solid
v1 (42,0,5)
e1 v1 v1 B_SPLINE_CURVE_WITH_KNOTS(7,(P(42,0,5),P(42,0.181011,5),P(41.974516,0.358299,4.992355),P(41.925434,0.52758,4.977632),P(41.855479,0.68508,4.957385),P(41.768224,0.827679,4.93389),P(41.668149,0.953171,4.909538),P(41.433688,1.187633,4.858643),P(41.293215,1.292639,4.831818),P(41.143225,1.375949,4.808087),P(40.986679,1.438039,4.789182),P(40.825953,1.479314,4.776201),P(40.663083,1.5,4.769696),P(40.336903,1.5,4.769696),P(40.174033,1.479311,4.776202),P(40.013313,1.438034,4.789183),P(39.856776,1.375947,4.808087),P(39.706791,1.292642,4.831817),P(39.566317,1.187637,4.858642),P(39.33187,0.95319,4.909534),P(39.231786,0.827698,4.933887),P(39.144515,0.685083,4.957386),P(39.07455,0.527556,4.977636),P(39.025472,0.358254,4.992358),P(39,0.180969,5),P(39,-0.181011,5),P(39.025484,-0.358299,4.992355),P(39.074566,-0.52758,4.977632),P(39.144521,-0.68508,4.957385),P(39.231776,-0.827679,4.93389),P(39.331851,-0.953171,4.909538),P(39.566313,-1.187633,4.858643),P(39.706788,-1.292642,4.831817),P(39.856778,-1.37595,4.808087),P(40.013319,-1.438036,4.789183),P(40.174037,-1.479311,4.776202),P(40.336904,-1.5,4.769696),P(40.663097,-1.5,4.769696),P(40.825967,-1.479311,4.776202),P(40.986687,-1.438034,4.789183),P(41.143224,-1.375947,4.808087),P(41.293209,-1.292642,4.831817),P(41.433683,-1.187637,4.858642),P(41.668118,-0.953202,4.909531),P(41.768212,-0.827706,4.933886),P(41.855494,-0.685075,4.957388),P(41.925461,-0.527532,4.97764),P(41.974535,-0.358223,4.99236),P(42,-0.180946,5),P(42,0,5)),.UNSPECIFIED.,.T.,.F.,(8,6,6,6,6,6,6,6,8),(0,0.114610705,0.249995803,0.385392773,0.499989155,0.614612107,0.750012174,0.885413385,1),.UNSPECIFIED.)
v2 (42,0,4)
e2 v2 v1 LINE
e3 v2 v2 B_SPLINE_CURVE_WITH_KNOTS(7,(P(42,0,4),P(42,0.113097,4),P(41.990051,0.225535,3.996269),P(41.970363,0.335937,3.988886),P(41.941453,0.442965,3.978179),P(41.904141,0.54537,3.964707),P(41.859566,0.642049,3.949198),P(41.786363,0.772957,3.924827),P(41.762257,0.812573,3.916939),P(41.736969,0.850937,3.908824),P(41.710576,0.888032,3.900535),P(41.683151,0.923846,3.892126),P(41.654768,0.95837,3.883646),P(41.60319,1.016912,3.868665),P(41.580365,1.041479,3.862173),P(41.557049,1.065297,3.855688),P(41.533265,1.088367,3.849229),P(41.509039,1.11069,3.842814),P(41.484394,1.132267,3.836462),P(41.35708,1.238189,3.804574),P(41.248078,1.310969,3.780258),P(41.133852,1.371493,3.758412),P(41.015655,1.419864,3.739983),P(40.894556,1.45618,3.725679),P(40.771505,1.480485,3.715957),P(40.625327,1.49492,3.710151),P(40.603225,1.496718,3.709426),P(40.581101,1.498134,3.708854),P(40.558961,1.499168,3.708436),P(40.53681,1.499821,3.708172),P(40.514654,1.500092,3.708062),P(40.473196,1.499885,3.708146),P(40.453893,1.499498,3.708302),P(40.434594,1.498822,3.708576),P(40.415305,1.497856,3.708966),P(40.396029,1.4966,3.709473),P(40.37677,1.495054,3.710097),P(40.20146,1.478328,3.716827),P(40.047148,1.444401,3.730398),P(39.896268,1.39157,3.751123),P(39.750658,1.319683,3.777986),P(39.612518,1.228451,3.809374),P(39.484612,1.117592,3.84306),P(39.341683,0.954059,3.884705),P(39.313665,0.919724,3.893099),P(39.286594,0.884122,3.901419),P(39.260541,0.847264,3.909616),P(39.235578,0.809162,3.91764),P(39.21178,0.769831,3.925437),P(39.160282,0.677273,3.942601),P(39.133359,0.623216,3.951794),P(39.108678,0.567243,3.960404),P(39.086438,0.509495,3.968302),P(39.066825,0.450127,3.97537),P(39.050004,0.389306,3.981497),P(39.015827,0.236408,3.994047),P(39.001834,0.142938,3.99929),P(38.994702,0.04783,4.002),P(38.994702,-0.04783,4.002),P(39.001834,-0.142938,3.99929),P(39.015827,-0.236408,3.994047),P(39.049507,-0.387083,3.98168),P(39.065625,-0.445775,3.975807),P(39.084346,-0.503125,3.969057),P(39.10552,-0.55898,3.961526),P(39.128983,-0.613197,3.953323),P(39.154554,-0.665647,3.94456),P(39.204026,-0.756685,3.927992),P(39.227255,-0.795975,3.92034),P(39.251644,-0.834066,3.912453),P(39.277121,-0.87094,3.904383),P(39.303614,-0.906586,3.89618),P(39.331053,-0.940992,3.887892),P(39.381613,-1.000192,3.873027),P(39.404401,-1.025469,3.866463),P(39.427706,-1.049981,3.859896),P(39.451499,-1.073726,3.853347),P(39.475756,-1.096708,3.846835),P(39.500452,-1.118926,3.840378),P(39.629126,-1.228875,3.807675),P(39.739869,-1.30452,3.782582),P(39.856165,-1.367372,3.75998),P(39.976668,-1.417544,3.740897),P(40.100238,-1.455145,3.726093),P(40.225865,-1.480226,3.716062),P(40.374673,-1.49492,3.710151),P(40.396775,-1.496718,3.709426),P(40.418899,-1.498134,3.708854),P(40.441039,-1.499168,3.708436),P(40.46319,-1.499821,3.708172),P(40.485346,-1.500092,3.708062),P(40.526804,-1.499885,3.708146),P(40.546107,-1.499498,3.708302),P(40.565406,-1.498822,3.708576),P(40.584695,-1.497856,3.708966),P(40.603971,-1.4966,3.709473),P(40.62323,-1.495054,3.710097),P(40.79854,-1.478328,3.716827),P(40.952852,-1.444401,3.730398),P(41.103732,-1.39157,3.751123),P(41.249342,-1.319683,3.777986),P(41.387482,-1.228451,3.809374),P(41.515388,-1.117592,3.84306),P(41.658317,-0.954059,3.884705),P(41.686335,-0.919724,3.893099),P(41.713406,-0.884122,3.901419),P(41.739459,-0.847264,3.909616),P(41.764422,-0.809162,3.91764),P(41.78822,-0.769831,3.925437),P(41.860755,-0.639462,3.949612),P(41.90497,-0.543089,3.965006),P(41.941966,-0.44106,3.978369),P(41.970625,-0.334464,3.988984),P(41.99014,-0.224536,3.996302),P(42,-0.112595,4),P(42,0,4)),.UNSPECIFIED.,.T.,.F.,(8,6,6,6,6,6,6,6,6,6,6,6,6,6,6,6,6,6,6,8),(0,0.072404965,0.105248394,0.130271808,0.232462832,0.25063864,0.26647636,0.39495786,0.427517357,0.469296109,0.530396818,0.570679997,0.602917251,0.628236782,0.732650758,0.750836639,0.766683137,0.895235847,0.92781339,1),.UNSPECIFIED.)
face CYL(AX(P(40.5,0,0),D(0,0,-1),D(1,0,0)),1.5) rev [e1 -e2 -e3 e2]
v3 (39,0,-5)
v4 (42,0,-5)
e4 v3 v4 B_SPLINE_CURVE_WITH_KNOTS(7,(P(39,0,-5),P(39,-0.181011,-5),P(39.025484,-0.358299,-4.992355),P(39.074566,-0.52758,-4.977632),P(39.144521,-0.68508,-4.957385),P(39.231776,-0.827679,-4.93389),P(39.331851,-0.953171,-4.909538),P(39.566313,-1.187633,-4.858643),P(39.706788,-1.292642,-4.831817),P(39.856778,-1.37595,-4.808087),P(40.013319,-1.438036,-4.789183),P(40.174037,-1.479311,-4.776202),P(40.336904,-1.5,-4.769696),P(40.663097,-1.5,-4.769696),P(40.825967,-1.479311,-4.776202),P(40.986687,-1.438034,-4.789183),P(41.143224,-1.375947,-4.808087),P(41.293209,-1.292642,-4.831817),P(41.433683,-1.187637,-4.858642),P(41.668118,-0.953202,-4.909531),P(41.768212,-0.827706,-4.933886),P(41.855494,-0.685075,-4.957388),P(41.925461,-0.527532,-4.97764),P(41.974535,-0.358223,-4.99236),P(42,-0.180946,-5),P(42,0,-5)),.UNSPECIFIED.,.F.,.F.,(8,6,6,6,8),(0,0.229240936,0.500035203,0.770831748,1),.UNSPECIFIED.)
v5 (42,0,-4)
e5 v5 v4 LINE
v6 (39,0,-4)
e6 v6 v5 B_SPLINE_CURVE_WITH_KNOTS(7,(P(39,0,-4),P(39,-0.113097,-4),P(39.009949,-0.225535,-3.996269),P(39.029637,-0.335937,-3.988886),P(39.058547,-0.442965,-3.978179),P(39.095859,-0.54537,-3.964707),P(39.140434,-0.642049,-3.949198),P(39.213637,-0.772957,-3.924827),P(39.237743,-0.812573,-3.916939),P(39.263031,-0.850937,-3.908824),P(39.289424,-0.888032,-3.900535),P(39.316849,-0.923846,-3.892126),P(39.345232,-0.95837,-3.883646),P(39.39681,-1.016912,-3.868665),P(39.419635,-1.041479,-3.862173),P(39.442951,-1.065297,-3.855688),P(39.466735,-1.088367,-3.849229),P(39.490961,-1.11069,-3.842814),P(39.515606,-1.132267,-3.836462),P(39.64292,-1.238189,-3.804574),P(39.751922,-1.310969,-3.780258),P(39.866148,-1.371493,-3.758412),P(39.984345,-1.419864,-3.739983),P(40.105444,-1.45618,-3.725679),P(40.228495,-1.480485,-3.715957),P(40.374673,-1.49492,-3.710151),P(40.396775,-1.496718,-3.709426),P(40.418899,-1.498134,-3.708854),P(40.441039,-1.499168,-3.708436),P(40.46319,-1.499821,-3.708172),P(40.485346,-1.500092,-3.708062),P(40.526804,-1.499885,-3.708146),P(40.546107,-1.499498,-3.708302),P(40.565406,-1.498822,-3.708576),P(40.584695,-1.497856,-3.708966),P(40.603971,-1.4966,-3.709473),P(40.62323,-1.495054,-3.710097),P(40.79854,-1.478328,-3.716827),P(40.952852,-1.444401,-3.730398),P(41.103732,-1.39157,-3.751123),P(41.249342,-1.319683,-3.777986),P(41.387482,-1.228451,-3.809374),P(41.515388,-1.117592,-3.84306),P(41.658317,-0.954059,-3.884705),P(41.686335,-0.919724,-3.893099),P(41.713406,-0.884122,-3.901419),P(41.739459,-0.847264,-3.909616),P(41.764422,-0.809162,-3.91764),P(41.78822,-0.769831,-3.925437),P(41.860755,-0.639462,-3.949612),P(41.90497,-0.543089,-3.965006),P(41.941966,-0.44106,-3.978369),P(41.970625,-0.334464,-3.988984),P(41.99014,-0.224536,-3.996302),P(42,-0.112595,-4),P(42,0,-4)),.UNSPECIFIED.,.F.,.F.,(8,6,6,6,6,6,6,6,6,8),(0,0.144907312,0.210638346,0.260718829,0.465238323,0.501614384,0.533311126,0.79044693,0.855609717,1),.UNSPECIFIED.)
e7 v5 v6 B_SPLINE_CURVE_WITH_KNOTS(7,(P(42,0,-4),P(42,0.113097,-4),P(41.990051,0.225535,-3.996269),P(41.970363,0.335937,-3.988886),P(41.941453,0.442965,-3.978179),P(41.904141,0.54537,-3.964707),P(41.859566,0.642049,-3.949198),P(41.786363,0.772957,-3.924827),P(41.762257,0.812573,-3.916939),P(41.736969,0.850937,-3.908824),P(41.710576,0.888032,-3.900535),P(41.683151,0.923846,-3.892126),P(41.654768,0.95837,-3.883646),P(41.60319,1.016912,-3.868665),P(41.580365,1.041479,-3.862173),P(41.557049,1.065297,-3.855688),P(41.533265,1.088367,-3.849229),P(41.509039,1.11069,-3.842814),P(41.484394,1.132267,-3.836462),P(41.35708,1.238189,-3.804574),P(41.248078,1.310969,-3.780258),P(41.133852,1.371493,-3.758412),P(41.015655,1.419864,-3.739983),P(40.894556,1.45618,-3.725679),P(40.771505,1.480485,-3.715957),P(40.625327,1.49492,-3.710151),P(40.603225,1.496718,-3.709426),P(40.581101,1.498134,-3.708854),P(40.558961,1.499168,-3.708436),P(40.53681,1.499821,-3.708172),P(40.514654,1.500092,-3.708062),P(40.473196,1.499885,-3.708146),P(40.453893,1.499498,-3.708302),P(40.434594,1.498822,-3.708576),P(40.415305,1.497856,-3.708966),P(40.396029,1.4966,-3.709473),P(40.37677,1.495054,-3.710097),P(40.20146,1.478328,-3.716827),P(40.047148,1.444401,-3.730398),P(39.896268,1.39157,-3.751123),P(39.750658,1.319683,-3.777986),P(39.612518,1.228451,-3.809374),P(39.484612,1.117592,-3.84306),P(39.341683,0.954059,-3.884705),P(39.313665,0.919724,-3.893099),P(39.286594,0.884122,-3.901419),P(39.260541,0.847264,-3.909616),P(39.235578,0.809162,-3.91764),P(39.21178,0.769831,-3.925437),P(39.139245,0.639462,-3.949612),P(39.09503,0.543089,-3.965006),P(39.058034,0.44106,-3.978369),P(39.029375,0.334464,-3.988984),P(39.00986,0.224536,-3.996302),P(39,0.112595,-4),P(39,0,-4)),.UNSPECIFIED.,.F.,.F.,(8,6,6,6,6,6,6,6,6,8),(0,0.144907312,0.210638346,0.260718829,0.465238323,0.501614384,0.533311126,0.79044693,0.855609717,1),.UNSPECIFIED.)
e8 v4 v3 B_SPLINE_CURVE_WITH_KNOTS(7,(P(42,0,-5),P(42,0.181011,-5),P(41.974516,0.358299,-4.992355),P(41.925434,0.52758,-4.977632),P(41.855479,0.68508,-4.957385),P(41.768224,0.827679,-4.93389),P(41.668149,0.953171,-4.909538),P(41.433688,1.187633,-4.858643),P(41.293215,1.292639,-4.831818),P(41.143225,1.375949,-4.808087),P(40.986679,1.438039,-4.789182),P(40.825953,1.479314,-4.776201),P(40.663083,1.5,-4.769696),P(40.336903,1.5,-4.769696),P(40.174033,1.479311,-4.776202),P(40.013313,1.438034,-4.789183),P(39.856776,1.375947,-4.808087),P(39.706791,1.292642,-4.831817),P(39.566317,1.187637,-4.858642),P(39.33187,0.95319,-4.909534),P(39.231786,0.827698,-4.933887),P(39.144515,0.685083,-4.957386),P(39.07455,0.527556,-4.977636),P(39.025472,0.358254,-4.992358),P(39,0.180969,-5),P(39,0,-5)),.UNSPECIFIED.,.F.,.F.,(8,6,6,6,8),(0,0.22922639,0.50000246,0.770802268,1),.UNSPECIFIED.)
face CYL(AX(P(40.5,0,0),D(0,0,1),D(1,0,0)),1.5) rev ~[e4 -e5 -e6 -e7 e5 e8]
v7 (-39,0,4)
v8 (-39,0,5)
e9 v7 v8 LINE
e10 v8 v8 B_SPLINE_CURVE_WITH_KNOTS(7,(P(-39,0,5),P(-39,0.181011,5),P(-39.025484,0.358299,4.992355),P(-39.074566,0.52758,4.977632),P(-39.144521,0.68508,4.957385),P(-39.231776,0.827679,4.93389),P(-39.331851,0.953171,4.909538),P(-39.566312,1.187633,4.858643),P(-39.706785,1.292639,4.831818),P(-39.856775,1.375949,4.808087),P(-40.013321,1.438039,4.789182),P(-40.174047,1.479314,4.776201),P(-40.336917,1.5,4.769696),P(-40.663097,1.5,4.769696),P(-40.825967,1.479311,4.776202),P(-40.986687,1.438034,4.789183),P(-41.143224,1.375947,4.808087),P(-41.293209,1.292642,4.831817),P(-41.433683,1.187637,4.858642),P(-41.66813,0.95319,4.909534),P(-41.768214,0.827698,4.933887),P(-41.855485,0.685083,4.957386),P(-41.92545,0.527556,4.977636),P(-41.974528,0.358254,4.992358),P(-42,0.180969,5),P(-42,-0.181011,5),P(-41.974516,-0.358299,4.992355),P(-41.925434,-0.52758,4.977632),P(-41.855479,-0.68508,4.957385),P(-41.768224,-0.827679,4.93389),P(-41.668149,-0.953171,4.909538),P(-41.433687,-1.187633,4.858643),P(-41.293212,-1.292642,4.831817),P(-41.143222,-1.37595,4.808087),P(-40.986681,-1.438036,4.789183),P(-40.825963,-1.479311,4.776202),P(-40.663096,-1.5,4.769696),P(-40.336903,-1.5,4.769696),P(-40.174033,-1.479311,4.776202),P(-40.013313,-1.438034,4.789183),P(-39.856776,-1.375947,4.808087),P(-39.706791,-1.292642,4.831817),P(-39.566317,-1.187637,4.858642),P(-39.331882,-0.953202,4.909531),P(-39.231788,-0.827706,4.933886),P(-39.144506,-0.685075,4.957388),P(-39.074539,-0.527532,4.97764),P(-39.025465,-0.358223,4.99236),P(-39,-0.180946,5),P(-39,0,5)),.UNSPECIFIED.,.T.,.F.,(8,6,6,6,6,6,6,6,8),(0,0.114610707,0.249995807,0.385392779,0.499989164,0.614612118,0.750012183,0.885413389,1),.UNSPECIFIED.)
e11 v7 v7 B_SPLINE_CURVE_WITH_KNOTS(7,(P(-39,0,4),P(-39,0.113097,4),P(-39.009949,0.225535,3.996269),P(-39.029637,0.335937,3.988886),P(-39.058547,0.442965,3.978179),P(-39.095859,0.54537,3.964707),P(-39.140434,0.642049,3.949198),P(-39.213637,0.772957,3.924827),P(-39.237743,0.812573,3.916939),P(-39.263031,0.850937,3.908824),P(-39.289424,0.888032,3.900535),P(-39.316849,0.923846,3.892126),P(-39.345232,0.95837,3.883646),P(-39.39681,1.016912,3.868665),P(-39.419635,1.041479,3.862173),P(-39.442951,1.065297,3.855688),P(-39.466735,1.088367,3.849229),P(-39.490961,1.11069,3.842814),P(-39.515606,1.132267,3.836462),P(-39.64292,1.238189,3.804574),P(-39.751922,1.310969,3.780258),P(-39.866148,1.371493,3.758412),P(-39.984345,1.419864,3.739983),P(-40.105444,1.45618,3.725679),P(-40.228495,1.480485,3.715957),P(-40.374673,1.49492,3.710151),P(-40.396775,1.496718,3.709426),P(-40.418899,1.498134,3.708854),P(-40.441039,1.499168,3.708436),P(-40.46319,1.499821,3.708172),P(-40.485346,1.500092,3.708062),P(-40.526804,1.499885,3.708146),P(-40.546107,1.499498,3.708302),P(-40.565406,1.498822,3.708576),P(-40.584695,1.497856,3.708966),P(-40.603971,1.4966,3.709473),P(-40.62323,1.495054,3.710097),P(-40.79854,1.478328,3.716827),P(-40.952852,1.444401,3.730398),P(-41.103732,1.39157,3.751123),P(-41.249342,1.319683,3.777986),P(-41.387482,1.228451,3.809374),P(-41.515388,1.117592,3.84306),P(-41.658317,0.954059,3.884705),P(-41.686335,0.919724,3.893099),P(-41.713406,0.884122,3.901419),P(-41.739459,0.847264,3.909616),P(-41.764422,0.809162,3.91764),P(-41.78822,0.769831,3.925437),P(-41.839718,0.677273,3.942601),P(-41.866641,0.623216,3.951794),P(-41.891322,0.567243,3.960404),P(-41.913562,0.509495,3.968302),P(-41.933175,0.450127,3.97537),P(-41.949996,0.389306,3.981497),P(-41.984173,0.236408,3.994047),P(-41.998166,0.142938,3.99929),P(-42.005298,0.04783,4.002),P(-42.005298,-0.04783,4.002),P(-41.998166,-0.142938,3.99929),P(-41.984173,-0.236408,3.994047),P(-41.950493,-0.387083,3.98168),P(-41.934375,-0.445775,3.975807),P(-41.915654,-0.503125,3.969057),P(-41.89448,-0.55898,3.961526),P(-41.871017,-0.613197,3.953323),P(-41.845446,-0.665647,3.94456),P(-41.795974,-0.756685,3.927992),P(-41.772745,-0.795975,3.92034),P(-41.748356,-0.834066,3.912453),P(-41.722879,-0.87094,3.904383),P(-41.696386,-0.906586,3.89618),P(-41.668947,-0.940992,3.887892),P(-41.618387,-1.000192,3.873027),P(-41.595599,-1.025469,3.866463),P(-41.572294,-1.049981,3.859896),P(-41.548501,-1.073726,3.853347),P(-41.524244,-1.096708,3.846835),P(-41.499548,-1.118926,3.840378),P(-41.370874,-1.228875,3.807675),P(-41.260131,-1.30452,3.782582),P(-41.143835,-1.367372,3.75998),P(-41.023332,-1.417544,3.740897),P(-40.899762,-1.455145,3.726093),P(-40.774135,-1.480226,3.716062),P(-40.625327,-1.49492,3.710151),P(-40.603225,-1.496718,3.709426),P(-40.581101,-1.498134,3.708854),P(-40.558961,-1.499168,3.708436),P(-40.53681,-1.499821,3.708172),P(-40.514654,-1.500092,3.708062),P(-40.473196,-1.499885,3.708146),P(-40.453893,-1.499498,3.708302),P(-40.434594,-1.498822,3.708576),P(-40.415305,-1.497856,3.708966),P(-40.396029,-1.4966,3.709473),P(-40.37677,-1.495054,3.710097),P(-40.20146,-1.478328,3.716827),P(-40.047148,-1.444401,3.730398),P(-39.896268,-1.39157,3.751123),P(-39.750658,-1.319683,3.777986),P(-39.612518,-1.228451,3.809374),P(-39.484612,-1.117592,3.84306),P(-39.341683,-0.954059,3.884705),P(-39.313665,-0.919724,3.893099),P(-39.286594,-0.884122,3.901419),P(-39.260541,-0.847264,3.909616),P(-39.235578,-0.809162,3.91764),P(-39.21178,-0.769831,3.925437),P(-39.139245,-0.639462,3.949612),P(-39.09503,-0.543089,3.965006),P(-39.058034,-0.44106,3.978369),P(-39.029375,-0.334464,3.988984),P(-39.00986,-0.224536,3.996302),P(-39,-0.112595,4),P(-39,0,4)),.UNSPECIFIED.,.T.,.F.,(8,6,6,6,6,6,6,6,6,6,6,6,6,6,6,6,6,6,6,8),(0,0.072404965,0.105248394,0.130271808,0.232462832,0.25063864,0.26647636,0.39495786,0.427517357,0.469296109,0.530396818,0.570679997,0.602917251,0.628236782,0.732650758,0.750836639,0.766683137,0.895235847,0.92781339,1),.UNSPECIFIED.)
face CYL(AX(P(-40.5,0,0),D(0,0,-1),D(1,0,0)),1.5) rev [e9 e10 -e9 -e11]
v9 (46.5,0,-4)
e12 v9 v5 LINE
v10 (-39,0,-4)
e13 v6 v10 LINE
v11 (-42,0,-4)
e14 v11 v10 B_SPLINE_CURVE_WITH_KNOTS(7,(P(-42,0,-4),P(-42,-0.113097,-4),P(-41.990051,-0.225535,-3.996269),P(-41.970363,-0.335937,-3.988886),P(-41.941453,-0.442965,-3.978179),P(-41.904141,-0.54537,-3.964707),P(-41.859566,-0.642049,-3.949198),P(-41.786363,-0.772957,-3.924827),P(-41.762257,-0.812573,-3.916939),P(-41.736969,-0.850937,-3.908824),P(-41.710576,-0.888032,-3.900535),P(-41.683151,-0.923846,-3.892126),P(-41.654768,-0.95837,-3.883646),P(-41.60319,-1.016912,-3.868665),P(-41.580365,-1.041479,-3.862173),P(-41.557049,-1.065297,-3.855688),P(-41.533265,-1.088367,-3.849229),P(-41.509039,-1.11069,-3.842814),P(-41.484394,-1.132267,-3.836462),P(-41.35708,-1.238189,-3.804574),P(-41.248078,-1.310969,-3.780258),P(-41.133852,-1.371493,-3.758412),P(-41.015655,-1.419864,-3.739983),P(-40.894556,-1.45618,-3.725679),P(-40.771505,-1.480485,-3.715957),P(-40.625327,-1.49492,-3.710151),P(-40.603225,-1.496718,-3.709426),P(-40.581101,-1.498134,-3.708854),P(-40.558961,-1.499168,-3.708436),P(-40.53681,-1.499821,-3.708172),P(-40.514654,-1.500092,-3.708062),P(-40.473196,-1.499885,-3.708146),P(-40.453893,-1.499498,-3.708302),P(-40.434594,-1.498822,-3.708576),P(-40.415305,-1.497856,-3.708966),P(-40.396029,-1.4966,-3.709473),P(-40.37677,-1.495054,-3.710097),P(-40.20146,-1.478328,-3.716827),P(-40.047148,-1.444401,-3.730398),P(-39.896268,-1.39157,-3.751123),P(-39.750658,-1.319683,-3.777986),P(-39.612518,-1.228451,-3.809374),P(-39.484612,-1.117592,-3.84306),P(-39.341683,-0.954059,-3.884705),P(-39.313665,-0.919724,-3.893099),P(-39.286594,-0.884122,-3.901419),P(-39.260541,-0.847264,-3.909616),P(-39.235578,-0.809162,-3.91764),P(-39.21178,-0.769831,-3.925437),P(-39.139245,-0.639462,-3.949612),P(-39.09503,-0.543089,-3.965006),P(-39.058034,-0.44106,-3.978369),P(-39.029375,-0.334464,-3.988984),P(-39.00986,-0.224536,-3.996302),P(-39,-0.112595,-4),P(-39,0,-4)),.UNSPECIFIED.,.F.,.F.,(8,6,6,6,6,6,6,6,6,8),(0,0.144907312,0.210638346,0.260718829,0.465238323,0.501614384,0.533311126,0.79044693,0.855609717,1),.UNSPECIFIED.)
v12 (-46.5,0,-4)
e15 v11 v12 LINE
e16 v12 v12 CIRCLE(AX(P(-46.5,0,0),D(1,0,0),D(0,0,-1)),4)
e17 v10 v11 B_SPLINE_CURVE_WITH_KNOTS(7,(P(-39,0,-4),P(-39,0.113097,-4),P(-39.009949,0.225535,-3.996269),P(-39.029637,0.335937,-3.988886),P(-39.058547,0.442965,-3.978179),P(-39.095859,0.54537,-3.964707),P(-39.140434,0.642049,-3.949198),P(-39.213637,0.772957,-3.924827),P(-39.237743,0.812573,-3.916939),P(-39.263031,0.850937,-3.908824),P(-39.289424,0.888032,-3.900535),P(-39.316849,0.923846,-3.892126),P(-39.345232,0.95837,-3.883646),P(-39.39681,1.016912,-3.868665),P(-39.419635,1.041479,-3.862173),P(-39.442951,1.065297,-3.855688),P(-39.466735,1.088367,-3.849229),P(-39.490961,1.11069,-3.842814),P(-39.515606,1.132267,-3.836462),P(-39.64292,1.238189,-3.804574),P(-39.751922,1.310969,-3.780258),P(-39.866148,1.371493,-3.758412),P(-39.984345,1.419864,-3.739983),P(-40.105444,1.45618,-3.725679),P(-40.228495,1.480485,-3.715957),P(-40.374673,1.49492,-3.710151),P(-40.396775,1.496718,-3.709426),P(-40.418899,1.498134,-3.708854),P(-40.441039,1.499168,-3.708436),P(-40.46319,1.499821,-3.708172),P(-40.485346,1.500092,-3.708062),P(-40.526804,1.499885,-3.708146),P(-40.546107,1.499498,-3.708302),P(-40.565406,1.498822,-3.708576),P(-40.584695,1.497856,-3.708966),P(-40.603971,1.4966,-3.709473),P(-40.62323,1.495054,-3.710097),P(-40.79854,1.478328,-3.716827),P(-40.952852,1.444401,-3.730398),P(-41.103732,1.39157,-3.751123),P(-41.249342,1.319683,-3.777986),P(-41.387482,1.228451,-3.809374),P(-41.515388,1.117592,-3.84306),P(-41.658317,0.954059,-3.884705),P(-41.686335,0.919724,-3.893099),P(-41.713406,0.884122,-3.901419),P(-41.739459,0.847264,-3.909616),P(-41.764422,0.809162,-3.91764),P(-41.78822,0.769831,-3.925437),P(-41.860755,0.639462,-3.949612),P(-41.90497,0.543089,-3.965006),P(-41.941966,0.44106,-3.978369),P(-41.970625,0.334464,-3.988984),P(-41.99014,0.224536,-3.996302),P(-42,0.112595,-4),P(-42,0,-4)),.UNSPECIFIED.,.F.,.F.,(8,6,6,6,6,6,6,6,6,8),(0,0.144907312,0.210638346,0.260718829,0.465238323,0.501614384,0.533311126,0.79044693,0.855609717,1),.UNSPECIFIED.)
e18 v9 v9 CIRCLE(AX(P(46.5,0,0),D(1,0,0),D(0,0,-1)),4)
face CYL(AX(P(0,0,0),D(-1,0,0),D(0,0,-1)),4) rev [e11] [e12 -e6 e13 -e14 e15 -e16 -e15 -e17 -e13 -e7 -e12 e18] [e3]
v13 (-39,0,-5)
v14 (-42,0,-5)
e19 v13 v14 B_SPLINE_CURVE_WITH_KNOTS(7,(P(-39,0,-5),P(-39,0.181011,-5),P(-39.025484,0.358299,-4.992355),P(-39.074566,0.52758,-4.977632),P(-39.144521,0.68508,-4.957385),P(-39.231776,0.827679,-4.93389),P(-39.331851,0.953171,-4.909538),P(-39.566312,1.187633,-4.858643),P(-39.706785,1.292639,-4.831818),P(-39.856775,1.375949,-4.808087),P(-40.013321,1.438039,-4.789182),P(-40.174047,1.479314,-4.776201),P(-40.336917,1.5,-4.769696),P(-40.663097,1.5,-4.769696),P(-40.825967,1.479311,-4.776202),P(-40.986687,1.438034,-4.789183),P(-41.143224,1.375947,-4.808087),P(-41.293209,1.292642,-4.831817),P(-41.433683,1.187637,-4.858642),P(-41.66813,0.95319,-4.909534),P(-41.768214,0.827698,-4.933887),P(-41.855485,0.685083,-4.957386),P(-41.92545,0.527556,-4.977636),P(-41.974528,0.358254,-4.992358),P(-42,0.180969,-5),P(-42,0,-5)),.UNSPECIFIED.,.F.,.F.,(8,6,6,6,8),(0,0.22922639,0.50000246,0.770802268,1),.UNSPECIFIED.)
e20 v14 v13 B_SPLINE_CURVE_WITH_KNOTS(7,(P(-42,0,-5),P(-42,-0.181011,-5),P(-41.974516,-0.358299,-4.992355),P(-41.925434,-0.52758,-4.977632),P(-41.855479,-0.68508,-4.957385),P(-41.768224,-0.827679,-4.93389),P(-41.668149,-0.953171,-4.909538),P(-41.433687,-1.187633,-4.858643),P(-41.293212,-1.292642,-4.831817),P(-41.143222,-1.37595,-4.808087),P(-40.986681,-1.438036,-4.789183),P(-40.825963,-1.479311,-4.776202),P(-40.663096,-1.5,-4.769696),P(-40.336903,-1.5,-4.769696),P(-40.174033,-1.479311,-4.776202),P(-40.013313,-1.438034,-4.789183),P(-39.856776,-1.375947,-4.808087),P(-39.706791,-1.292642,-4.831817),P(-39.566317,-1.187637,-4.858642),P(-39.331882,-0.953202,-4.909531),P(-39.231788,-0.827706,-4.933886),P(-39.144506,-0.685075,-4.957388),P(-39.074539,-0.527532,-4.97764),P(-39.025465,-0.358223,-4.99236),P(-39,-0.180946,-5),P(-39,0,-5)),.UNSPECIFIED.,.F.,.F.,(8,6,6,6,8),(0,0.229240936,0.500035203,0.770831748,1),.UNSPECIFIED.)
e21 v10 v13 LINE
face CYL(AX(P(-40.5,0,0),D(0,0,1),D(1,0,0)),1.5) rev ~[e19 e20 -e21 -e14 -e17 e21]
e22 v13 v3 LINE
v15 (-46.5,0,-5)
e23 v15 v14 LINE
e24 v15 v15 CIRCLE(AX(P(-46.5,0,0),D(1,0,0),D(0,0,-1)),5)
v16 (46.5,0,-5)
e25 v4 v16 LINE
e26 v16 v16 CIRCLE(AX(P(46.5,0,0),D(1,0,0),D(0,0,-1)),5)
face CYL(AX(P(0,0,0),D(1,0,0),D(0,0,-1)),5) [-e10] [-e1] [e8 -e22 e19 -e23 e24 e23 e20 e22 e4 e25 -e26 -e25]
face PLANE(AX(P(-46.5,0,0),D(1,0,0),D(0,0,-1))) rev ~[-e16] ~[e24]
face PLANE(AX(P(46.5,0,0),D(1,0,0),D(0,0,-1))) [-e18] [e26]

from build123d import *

# Parameters (mm, degrees)
SKETCH_1_R               = 5
SKETCH_1_R_2             = 4
EXTRUDE_1_DEPTH          = 46.5
SKETCH_2_R               = 1.5
CUT_EXTRUDE_1_DEPTH      = 6
CUT_EXTRUDE_1_DEPTH_BACK = 6


with BuildPart() as part:
    # 草图1 → 凸台-拉伸1 (new body, symmetric)
    with BuildSketch(Plane(origin=(0, 0, 0), x_dir=(0, 0, -1), z_dir=(1, 0, 0))):
        Circle(SKETCH_1_R)
        Circle(SKETCH_1_R_2, mode=Mode.SUBTRACT)
    extrude(amount=EXTRUDE_1_DEPTH, both=True)

    # 草图2 → 切除-拉伸1 (cut, two sides)
    with BuildSketch(Plane.XY) as cut_extrude_1_sk:
        with Locations((40.5, 0)):
            Circle(SKETCH_2_R)
        with Locations((-40.5, 0)):
            Circle(SKETCH_2_R)
    extrude(amount=CUT_EXTRUDE_1_DEPTH, mode=Mode.SUBTRACT)
    extrude(cut_extrude_1_sk.sketch, amount=-CUT_EXTRUDE_1_DEPTH_BACK, mode=Mode.SUBTRACT)


solid = part.part
